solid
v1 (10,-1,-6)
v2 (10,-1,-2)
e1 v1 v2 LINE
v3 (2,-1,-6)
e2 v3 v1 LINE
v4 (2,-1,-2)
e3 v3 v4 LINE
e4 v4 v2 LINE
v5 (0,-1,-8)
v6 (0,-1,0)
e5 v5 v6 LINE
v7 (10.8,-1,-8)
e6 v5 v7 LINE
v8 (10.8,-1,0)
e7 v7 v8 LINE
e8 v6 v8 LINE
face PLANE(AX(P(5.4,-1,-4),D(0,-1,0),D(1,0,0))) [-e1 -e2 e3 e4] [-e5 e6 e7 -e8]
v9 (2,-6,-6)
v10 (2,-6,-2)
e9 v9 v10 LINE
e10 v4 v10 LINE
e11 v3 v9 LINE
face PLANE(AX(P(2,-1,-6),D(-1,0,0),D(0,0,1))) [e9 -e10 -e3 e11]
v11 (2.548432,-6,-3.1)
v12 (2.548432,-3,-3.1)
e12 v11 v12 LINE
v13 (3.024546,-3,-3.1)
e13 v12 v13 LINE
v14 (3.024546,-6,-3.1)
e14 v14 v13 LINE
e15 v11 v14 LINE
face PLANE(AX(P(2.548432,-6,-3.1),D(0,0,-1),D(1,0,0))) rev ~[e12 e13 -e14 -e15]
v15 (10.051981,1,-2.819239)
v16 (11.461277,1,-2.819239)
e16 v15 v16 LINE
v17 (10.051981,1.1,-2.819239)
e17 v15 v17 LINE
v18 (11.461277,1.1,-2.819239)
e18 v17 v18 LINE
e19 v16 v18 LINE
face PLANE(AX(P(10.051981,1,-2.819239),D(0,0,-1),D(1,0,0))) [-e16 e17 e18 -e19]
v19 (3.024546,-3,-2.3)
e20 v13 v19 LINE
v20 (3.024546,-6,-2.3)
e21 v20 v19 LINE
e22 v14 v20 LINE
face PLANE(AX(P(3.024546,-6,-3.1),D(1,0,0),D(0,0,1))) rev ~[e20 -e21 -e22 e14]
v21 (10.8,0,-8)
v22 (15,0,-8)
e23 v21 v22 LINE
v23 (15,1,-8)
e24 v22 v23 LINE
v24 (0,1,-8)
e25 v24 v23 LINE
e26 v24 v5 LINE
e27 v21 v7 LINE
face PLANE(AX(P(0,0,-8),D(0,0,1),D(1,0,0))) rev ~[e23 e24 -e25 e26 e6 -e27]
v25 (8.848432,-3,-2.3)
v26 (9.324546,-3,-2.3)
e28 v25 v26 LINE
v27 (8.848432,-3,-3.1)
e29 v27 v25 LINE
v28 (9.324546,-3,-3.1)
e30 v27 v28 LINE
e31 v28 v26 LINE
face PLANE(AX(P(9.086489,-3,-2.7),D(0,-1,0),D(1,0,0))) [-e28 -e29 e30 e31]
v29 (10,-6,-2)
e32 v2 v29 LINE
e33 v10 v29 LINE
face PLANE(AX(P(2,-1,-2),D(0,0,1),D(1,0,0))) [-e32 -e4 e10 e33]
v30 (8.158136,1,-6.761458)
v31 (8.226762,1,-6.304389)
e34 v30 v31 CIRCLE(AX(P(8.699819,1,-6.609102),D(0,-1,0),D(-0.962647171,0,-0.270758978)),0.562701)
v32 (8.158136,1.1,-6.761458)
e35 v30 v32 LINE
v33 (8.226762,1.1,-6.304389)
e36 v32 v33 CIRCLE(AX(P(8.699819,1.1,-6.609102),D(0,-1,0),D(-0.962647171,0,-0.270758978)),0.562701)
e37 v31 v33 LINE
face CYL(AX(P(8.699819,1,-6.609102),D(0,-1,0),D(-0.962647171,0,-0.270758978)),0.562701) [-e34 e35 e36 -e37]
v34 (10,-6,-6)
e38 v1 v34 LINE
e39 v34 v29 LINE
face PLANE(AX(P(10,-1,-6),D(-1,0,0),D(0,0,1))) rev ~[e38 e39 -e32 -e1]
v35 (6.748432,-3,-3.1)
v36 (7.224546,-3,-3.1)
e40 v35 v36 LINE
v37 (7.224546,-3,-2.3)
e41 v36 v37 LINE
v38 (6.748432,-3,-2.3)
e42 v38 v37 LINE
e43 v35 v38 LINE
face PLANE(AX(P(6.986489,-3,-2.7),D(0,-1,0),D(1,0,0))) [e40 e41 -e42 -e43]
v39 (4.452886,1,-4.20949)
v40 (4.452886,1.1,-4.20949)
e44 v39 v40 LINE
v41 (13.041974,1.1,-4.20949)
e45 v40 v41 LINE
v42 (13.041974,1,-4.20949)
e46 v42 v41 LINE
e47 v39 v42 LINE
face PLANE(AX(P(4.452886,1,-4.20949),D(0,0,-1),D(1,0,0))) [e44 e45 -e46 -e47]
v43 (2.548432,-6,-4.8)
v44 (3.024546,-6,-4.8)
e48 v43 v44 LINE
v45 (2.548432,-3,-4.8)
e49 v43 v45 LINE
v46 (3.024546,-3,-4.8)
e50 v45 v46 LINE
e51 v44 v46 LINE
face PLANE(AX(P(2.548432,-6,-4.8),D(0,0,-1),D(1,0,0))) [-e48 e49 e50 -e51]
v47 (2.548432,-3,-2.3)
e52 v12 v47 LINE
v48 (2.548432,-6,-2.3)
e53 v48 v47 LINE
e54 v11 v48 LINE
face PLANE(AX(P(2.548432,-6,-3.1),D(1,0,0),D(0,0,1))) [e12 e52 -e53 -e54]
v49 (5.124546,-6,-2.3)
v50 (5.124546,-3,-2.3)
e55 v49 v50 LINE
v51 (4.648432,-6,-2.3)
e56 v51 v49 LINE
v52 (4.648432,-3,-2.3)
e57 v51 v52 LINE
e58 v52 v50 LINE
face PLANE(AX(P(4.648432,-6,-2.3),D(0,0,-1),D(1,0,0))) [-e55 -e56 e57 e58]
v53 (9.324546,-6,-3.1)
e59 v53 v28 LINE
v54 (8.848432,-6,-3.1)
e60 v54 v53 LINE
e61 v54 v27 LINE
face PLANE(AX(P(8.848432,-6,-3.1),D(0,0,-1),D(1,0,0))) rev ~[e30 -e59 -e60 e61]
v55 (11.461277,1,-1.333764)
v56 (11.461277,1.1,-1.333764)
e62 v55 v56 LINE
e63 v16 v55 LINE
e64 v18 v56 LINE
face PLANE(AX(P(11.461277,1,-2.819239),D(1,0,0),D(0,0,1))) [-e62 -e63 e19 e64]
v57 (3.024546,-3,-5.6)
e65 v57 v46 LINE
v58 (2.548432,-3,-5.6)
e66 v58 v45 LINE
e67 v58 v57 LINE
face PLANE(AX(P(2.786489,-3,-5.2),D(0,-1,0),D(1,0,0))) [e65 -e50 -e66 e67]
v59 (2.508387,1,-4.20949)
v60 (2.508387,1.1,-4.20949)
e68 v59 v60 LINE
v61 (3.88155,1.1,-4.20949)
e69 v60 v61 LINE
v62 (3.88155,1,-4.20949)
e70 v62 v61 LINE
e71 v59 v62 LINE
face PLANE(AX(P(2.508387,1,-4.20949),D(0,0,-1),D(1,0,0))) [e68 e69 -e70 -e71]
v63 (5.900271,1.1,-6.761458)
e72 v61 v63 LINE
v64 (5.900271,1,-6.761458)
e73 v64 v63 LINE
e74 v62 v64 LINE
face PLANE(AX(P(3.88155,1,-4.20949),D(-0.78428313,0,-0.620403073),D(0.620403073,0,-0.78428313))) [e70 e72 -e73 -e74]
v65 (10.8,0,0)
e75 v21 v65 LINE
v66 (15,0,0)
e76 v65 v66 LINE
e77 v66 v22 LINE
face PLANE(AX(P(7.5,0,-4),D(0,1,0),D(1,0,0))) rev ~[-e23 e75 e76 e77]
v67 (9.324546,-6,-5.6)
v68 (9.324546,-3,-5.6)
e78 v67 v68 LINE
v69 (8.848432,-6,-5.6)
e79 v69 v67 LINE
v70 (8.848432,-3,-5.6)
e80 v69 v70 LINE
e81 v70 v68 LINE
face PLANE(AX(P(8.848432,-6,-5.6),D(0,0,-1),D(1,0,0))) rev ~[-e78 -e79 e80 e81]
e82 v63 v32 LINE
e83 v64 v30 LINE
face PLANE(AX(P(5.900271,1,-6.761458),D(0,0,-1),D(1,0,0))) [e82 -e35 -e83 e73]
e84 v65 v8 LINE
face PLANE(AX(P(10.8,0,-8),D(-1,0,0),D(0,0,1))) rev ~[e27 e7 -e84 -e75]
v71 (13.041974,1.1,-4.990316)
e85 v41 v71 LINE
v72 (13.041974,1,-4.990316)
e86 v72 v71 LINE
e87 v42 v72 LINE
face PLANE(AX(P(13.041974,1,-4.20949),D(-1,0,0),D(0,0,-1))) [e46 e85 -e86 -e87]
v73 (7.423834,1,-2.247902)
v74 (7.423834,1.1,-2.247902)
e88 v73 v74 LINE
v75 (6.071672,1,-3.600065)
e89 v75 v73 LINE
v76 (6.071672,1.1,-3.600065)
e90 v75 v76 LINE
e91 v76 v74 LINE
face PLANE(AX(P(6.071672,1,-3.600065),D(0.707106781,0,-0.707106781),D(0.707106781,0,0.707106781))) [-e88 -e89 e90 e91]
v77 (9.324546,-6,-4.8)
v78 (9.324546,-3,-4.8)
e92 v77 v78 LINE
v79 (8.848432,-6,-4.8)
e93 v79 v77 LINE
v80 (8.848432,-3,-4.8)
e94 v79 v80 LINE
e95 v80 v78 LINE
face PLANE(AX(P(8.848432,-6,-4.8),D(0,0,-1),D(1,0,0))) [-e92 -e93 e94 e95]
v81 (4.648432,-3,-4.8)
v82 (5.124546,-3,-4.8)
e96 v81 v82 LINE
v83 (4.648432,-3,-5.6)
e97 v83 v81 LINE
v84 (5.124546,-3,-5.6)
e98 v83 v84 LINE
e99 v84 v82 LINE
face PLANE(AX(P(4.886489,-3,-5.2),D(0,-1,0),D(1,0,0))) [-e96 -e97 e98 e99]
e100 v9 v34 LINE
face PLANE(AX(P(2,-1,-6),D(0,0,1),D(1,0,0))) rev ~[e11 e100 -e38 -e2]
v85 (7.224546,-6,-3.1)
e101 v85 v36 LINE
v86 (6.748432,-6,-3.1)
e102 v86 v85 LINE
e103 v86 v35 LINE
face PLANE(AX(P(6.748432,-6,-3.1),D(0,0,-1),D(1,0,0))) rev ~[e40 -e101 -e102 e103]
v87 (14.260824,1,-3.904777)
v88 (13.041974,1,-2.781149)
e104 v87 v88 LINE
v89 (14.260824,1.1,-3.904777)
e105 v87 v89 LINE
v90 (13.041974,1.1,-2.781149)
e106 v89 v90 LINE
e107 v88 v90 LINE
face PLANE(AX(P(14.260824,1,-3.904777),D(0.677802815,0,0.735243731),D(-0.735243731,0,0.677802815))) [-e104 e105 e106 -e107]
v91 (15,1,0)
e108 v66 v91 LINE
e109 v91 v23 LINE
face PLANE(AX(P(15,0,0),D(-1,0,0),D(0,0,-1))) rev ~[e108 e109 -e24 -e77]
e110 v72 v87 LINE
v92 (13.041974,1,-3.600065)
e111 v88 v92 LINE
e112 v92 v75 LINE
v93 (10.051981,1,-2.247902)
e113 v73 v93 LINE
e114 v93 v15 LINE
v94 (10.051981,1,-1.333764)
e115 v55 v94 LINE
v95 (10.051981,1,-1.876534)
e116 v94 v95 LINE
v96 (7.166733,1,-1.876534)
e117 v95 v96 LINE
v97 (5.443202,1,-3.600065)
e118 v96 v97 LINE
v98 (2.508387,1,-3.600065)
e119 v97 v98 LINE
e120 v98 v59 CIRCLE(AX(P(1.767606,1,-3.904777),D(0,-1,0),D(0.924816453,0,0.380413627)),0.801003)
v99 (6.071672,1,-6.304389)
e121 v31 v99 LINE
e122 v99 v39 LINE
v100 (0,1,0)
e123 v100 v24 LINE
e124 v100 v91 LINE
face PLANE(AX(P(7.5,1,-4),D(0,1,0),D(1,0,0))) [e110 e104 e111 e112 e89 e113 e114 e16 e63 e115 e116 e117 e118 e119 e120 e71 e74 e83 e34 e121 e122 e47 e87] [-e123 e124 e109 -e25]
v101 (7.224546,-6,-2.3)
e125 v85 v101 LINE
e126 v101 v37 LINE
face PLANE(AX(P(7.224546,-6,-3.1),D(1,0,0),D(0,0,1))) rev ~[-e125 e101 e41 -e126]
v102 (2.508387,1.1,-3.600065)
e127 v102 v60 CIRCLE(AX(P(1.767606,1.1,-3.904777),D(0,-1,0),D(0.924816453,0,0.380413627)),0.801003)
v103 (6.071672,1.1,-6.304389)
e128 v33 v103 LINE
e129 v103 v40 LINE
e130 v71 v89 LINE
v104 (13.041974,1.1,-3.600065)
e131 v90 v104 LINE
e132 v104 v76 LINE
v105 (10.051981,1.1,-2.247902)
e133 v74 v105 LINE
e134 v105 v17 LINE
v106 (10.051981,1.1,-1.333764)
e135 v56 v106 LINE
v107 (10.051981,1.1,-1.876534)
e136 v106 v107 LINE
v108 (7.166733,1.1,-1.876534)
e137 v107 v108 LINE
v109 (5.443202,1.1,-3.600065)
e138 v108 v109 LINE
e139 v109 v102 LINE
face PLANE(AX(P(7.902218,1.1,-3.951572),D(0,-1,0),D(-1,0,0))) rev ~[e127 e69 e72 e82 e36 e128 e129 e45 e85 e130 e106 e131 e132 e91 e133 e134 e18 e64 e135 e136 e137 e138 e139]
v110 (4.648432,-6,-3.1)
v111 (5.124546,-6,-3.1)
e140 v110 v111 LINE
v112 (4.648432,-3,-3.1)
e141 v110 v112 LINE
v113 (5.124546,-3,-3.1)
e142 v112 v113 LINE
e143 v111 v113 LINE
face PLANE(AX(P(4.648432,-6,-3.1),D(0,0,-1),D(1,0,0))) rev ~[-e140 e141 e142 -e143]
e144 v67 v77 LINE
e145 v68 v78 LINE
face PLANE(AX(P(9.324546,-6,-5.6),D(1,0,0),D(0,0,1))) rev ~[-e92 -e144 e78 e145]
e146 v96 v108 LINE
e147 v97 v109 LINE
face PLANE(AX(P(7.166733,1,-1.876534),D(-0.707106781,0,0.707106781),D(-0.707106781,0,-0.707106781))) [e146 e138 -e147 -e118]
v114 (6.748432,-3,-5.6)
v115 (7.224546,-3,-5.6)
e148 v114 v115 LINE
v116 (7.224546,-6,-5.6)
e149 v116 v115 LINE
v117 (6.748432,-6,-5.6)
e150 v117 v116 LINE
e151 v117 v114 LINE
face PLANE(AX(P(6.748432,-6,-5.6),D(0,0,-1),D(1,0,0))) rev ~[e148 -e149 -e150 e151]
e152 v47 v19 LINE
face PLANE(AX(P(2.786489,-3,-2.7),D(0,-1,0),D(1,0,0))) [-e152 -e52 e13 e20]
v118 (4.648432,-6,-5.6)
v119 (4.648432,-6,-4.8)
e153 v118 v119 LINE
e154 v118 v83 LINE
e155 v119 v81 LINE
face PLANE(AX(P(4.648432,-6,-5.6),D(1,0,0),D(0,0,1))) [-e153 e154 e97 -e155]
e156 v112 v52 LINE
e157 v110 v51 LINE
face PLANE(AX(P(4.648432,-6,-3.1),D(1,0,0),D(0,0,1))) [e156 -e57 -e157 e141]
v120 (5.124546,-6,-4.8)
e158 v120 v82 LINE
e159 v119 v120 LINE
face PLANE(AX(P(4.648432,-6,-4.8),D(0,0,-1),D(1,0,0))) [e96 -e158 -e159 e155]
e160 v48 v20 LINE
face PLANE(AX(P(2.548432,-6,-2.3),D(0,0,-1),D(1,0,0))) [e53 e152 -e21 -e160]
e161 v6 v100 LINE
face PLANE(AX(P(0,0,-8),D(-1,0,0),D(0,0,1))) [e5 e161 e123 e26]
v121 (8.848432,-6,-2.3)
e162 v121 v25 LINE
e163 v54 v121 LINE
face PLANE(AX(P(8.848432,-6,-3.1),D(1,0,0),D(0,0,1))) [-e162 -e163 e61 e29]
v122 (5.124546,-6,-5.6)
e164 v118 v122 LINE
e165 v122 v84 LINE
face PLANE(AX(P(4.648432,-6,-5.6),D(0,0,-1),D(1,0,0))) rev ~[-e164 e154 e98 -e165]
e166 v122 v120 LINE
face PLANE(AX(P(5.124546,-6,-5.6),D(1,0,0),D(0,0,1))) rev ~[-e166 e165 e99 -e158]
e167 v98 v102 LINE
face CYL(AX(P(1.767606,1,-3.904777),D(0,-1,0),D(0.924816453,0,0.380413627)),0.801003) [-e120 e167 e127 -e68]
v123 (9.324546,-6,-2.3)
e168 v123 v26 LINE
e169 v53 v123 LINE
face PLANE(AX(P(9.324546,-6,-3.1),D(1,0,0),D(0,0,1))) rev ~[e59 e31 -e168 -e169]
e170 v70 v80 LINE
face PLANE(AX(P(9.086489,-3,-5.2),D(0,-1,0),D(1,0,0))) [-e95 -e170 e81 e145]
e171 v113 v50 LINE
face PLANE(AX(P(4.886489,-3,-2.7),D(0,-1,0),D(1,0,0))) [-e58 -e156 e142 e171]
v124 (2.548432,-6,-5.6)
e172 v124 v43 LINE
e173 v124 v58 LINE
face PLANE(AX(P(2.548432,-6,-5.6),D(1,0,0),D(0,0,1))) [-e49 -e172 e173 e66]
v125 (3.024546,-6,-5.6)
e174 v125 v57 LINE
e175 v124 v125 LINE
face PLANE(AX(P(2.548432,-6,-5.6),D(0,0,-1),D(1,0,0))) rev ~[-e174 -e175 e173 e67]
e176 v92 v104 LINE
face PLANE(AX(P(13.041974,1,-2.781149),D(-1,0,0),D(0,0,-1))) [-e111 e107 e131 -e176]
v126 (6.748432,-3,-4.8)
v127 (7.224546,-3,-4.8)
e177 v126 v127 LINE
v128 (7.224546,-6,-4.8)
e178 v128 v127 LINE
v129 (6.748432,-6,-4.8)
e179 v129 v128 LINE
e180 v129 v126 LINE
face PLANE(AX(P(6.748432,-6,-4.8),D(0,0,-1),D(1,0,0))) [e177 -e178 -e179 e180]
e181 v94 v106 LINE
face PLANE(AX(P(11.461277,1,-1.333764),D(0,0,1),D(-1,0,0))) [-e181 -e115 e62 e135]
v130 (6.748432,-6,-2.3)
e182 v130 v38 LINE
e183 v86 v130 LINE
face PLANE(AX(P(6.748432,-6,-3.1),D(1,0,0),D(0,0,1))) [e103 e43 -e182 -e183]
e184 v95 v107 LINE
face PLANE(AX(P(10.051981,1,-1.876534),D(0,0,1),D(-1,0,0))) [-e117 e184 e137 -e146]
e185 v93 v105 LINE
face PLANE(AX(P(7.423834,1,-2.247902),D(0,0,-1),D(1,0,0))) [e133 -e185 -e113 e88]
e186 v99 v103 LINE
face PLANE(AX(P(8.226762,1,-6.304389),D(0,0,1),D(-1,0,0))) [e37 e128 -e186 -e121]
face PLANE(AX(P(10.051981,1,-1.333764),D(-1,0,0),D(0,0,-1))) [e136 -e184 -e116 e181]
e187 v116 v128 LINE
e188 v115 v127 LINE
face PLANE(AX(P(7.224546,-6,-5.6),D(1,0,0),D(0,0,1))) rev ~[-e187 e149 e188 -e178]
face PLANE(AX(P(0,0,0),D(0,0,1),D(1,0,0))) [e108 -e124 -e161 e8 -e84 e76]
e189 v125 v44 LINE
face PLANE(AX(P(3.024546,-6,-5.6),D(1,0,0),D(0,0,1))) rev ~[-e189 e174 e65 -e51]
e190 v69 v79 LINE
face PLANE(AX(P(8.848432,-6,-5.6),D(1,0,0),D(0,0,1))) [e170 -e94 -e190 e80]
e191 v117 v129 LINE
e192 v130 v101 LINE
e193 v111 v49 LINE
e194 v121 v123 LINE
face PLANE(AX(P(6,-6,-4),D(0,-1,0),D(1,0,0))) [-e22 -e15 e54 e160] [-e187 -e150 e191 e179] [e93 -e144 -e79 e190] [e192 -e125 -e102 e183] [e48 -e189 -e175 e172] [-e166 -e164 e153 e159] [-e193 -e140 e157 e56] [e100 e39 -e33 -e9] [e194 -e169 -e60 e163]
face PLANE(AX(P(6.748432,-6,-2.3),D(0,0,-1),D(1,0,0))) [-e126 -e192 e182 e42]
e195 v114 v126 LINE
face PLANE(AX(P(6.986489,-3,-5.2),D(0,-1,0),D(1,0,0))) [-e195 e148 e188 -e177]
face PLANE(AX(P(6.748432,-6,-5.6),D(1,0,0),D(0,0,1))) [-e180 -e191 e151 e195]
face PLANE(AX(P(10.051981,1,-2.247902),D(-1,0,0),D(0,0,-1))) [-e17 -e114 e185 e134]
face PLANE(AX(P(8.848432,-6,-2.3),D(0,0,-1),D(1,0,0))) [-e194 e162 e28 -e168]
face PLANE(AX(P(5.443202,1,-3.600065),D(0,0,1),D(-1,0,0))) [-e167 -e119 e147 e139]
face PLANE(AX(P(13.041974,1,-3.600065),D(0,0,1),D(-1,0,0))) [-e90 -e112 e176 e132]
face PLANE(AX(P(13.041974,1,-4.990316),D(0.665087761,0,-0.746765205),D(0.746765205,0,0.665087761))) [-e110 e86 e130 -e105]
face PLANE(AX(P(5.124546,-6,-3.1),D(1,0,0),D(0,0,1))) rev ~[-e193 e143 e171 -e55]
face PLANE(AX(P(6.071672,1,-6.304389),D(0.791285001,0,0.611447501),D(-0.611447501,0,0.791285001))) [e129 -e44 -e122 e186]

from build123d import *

# Parameters (mm, degrees)
ESQUISSE2_W      = 15
ESQUISSE2_H      = 8
EXTRUSION1_DEPTH = 1
ESQUISSE3_W      = 10.8
ESQUISSE3_H      = 8
EXTRUSION2_DEPTH = 1
ESQUISSE4_W      = 8
ESQUISSE4_H      = 4
EXTRUSION3_DEPTH = 5
ESQUISSE5_W      = 0.476113498
ESQUISSE5_H      = 0.8
EXTRUSION4_DEPTH = 3
EXTRUSION5_DEPTH = 0.1


with BuildPart() as part:
    # Esquisse2 → Extrusion1 (new body)
    with BuildSketch(Plane(origin=(0, 0, 0), x_dir=(1, 0, 0), z_dir=(0, 1, 0))):
        with Locations((7.5, 4)):
            Rectangle(ESQUISSE2_W, ESQUISSE2_H)
    extrude(amount=EXTRUSION1_DEPTH)

    # Esquisse3 → Extrusion2 (add)
    with BuildSketch(Plane.XZ):
        with Locations((5.4, -4)):
            Rectangle(ESQUISSE3_W, ESQUISSE3_H)
    extrude(amount=EXTRUSION2_DEPTH)

    # Esquisse4 → Extrusion3 (add)
    with BuildSketch(Plane.XZ.offset(1)):
        with Locations((6, -4)):
            Rectangle(ESQUISSE4_W, ESQUISSE4_H)
    extrude(amount=EXTRUSION3_DEPTH)

    # Esquisse5 → Extrusion4 (cut)
    with BuildSketch(Plane.XZ.offset(6)):
        with Locations((2.786488869, -2.7)):
            Rectangle(ESQUISSE5_W, ESQUISSE5_H)
        with Locations((4.886488869, -2.7)):
            Rectangle(ESQUISSE5_W, ESQUISSE5_H)
        with Locations((6.986488869, -2.7)):
            Rectangle(ESQUISSE5_W, ESQUISSE5_H)
        with Locations((9.086488869, -2.7)):
            Rectangle(ESQUISSE5_W, ESQUISSE5_H)
        with Locations((2.786488869, -5.2)):
            Rectangle(ESQUISSE5_W, ESQUISSE5_H)
        with Locations((4.886488869, -5.2)):
            Rectangle(ESQUISSE5_W, ESQUISSE5_H)
        with Locations((6.986488869, -5.2)):
            Rectangle(ESQUISSE5_W, ESQUISSE5_H)
        with Locations((9.086488869, -5.2)):
            Rectangle(ESQUISSE5_W, ESQUISSE5_H)
    extrude(amount=-EXTRUSION4_DEPTH, mode=Mode.SUBTRACT)

    # Esquisse6 → Extrusion5 (add)
    with BuildSketch(Plane(origin=(0, 1, 0), x_dir=(1, 0, 0), z_dir=(0, 1, 0))):
        with BuildLine():
            Line((13.041973618, 4.209489939), (13.041973618, 4.990316076))
            Line((13.041973618, 4.990316076), (14.260824173, 3.9047773))
            Line((14.260824173, 3.9047773), (13.041973618, 2.781149445))
            Line((13.041973618, 2.781149445), (13.041973618, 3.600064662))
            Line((13.041973618, 3.600064662), (6.071672006, 3.600064662))
            Line((6.071672006, 3.600064662), (7.42383434, 2.247902327))
            Line((7.42383434, 2.247902327), (10.05198085, 2.247902327))
            Line((10.05198085, 2.247902327), (10.05198085, 2.819238525))
            Line((10.05198085, 2.819238525), (11.461276804, 2.819238525))
            Line((11.461276804, 2.819238525), (11.461276804, 1.333764411))
            Line((11.461276804, 1.333764411), (10.05198085, 1.333764411))
            Line((10.05198085, 1.333764411), (10.05198085, 1.876533798))
            Line((10.05198085, 1.876533798), (7.166733051, 1.876533798))
            Line((7.166733051, 1.876533798), (5.443202188, 3.600064662))
            Line((5.443202188, 3.600064662), (2.508387178, 3.600064662))
            ThreePointArc((2.508387178, 3.600064662), (0.966602505, 3.9047773), (2.508387178, 4.209489939))
            Line((2.508387178, 4.209489939), (3.881549914, 4.209489939))
            Line((3.881549914, 4.209489939), (5.900271146, 6.761458289))
            Line((5.900271146, 6.761458289), (8.158136089, 6.761458289))
            ThreePointArc((8.158136089, 6.761458289), (9.25628218, 6.692651293), (8.226761957, 6.304389331))
            Line((8.226761957, 6.304389331), (6.071672006, 6.304389331))
            Line((6.071672006, 6.304389331), (4.452886112, 4.209489939))
            Line((4.452886112, 4.209489939), (13.041973618, 4.209489939))
        make_face()
    extrude(amount=EXTRUSION5_DEPTH)


solid = part.part
